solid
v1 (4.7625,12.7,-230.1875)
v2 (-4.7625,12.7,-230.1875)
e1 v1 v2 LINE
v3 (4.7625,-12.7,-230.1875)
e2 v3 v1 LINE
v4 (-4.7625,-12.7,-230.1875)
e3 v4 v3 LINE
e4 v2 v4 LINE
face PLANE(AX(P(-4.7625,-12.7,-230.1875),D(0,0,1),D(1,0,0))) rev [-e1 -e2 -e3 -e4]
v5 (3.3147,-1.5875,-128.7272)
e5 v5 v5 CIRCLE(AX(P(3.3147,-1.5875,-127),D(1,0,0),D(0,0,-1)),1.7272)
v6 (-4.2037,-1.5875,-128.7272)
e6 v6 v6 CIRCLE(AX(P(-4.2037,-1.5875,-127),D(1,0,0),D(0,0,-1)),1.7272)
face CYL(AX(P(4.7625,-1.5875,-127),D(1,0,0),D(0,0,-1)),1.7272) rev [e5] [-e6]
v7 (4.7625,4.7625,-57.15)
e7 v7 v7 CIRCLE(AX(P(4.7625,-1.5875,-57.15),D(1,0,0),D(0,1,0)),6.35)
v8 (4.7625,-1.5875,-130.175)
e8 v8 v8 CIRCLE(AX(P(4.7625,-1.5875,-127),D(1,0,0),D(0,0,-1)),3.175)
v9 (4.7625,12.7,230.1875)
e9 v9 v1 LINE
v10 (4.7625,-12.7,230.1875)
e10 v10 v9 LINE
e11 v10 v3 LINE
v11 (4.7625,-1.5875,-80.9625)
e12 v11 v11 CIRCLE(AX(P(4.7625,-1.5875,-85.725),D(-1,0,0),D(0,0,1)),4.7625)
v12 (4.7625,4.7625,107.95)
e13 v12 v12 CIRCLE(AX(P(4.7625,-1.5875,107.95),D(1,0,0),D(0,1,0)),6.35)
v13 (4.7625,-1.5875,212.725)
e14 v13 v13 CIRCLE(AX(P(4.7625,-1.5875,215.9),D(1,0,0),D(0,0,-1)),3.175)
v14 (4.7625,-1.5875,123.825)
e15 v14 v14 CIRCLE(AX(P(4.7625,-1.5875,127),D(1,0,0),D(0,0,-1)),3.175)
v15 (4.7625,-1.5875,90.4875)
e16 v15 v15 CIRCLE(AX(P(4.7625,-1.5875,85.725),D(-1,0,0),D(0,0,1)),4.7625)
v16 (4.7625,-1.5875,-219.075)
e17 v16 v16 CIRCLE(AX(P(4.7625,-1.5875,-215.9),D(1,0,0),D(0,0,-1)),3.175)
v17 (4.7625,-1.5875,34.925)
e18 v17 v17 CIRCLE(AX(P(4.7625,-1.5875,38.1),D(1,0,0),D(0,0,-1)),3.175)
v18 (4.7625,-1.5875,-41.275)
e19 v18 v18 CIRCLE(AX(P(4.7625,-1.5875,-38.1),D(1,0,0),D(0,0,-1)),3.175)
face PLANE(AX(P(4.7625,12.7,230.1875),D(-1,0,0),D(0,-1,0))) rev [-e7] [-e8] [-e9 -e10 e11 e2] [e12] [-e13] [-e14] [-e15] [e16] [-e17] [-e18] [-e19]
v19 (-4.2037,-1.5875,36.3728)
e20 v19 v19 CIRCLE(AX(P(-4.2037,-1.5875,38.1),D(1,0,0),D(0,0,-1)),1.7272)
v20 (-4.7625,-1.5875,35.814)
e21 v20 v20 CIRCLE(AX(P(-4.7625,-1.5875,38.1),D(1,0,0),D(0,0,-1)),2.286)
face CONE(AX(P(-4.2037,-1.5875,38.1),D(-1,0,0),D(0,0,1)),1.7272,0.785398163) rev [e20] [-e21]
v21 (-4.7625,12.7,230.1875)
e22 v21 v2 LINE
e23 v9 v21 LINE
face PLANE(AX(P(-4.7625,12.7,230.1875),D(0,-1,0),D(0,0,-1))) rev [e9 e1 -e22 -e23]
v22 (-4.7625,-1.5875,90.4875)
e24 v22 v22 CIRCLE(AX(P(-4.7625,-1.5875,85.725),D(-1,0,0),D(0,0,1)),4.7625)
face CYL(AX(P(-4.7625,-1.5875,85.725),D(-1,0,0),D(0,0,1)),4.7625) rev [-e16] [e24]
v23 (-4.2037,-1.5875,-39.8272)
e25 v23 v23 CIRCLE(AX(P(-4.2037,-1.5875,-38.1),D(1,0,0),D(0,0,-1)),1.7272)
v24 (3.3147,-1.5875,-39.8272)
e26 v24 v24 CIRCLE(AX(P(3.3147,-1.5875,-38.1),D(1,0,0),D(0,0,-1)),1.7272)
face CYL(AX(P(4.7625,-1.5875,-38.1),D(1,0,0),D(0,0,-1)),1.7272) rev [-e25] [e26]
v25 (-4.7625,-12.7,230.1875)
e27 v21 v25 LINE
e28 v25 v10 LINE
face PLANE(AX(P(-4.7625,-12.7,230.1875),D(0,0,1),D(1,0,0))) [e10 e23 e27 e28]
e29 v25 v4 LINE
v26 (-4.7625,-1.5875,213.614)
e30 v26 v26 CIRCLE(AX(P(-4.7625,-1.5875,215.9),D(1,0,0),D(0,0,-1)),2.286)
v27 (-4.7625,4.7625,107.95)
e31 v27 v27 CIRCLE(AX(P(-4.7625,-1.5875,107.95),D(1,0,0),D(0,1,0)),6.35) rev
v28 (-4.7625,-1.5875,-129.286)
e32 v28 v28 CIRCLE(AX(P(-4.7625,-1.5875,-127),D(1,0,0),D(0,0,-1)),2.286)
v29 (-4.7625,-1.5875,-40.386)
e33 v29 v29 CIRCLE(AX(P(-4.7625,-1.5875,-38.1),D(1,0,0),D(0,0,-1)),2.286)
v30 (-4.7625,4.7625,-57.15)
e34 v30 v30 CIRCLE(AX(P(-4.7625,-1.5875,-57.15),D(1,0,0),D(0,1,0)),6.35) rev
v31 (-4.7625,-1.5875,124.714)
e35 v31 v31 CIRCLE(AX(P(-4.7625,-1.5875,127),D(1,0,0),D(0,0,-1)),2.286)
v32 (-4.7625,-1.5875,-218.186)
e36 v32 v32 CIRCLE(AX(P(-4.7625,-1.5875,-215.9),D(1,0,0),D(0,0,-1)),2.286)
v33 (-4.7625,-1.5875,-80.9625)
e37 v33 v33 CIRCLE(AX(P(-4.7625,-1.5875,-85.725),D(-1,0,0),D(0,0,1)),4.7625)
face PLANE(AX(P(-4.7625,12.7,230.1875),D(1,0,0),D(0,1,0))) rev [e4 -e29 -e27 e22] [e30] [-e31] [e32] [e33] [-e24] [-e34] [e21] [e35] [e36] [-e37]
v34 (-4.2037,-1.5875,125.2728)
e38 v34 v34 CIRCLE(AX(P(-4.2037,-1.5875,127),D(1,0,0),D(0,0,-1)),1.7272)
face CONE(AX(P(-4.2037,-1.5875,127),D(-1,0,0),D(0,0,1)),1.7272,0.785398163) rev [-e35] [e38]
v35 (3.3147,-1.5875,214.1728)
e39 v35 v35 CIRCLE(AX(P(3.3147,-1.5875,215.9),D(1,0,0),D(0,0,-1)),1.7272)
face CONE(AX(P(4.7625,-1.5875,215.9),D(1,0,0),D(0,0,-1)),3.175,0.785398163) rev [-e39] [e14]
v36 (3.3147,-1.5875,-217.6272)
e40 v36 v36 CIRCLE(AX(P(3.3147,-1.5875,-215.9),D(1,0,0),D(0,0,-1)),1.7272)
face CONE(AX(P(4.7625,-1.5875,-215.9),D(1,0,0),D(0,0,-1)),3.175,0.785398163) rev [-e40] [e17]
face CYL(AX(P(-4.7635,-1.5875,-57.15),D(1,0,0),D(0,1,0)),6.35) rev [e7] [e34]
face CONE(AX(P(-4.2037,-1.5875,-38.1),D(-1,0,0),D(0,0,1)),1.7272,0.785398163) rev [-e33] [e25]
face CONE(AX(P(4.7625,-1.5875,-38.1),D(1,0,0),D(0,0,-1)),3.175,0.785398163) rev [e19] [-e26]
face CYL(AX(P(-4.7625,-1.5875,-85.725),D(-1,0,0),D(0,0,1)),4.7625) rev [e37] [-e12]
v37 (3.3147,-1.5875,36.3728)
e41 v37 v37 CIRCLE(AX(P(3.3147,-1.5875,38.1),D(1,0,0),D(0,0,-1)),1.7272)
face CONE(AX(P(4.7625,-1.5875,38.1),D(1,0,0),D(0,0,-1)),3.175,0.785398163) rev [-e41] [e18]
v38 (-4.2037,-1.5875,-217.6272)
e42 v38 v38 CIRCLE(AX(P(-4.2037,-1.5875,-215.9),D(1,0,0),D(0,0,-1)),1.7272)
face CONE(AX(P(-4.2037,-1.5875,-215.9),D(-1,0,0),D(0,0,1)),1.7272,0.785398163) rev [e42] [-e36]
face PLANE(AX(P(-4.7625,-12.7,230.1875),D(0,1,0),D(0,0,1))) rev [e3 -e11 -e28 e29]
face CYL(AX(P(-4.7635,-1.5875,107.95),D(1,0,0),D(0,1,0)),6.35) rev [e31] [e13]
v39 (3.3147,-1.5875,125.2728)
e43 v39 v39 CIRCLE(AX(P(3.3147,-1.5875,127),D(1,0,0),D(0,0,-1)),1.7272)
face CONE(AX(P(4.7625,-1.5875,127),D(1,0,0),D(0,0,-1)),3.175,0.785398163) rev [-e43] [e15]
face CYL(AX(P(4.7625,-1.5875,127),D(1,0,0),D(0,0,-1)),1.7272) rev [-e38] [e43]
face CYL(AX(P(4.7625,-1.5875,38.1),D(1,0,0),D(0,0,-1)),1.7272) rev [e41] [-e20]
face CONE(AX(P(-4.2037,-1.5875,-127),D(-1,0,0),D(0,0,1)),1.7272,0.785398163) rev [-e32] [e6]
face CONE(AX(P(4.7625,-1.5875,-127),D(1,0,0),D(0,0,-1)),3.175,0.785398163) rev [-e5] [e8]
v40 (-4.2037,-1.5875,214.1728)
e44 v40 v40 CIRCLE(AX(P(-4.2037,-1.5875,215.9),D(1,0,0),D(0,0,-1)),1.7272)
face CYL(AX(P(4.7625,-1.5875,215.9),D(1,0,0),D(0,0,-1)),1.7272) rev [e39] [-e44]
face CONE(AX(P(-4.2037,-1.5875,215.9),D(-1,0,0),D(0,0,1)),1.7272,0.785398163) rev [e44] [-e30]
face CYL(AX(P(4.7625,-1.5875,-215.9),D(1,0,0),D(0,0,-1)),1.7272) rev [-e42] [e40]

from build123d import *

# Parameters (mm, degrees)
SKETCH1_W                      = 9.525
SKETCH1_H                      = 25.4
BOSS_EXTRUDE1_DEPTH            = 230.1875
CUT_EXTRUDE1_REACH             = 232.734
SKETCH2_R                      = 6.35
F_3_8_0_375_DIAMETER_HOLE1_D   = 9.525
F_8_32_TAPPED_HOLE1_AT_2_COUNT = 2
F_8_32_TAPPED_HOLE1_AT_2_PITCH = 177.8
F_8_32_TAPPED_HOLE1_AT_3_COUNT = 2
F_8_32_TAPPED_HOLE1_AT_3_PITCH = 254
F_8_32_TAPPED_HOLE1_AT_4_COUNT = 2
F_8_32_TAPPED_HOLE1_AT_4_PITCH = 431.8
F_8_32_TAPPED_HOLE1_AT_5_COUNT = 2
F_8_32_TAPPED_HOLE1_AT_5_PITCH = 342.9
F_8_32_TAPPED_HOLE1_AT_6_COUNT = 2
F_8_32_TAPPED_HOLE1_AT_6_PITCH = 88.9


with BuildPart() as part:
    # Sketch1 → Boss-Extrude1 (new, symmetric)
    with BuildSketch(Plane.XY):
        Rectangle(SKETCH1_W, SKETCH1_H)
    extrude(amount=BOSS_EXTRUDE1_DEPTH, both=True)

    # Sketch2 → Cut-Extrude1 (cut, up to next)
    with BuildSketch(Plane(origin=(4.7625, 0, 0), x_dir=(0, 0, -1), z_dir=(1, 0, 0)), mode=Mode.PRIVATE) as cut_extrude1_sk1:
        with Locations(Location((-107.95, -1.5875, 0), (0, 0, 90))):
            Circle(SKETCH2_R)
    cut_extrude1_tool1 = extrude(cut_extrude1_sk1.sketch, amount=-CUT_EXTRUDE1_REACH, mode=Mode.PRIVATE) & part.part
    # Sketch2 → Cut-Extrude1 (cut, up to next)
    with BuildSketch(Plane(origin=(4.7625, 0, 0), x_dir=(0, 0, -1), z_dir=(1, 0, 0)), mode=Mode.PRIVATE) as cut_extrude1_sk2:
        with Locations(Location((57.15, -1.5875, 0), (0, 0, 90))):
            Circle(SKETCH2_R)
    cut_extrude1_tool2 = extrude(cut_extrude1_sk2.sketch, amount=-CUT_EXTRUDE1_REACH, mode=Mode.PRIVATE) & part.part
    add(cut_extrude1_tool1.solids().sort_by_distance((4.7625, -1.5875, 107.95))[0], mode=Mode.SUBTRACT)
    add(cut_extrude1_tool2.solids().sort_by_distance((4.7625, -1.5875, -57.15))[0], mode=Mode.SUBTRACT)

    # 3/8 (0.375) Diameter Hole1 (through all)
    with Locations(Plane.ZY.offset(4.7625)):
        with Locations((85.725, -1.5875), (-85.725, -1.5875)):
            Hole(F_3_8_0_375_DIAMETER_HOLE1_D / 2)

    # Sketch5 → #8-32 Tapped Hole1 (revolve, cut)
    with BuildSketch(Plane(origin=(4.7625, -1.5875, -215.9), x_dir=(0, 0, -1), z_dir=(0, 1, 0))):
        Polygon((0, 0), (0, 9.525), (2.286, 9.525), (1.7272, 8.9662), (1.7272, 1.4478), (3.175, 0), align=None)
    f_8_32_tapped_hole1 = revolve(axis=Axis((11.1125, -1.5875, -215.9), (-1, 0, 0)), mode=Mode.SUBTRACT)

    # #8-32 Tapped Hole1 at 2: #8-32 Tapped Hole1 ×2
    with Locations(*[(0, 0, i * F_8_32_TAPPED_HOLE1_AT_2_PITCH) for i in range(1, F_8_32_TAPPED_HOLE1_AT_2_COUNT)]):
        add(f_8_32_tapped_hole1, mode=Mode.SUBTRACT)

    # #8-32 Tapped Hole1 at 3: #8-32 Tapped Hole1 ×2
    with Locations(*[(0, 0, i * F_8_32_TAPPED_HOLE1_AT_3_PITCH) for i in range(1, F_8_32_TAPPED_HOLE1_AT_3_COUNT)]):
        add(f_8_32_tapped_hole1, mode=Mode.SUBTRACT)

    # #8-32 Tapped Hole1 at 4: #8-32 Tapped Hole1 ×2
    with Locations(*[(0, 0, i * F_8_32_TAPPED_HOLE1_AT_4_PITCH) for i in range(1, F_8_32_TAPPED_HOLE1_AT_4_COUNT)]):
        add(f_8_32_tapped_hole1, mode=Mode.SUBTRACT)

    # #8-32 Tapped Hole1 at 5: #8-32 Tapped Hole1 ×2
    with Locations(*[(0, 0, i * F_8_32_TAPPED_HOLE1_AT_5_PITCH) for i in range(1, F_8_32_TAPPED_HOLE1_AT_5_COUNT)]):
        add(f_8_32_tapped_hole1, mode=Mode.SUBTRACT)

    # #8-32 Tapped Hole1 at 6: #8-32 Tapped Hole1 ×2
    with Locations(*[(0, 0, i * F_8_32_TAPPED_HOLE1_AT_6_PITCH) for i in range(1, F_8_32_TAPPED_HOLE1_AT_6_COUNT)]):
        add(f_8_32_tapped_hole1, mode=Mode.SUBTRACT)


solid = part.part
